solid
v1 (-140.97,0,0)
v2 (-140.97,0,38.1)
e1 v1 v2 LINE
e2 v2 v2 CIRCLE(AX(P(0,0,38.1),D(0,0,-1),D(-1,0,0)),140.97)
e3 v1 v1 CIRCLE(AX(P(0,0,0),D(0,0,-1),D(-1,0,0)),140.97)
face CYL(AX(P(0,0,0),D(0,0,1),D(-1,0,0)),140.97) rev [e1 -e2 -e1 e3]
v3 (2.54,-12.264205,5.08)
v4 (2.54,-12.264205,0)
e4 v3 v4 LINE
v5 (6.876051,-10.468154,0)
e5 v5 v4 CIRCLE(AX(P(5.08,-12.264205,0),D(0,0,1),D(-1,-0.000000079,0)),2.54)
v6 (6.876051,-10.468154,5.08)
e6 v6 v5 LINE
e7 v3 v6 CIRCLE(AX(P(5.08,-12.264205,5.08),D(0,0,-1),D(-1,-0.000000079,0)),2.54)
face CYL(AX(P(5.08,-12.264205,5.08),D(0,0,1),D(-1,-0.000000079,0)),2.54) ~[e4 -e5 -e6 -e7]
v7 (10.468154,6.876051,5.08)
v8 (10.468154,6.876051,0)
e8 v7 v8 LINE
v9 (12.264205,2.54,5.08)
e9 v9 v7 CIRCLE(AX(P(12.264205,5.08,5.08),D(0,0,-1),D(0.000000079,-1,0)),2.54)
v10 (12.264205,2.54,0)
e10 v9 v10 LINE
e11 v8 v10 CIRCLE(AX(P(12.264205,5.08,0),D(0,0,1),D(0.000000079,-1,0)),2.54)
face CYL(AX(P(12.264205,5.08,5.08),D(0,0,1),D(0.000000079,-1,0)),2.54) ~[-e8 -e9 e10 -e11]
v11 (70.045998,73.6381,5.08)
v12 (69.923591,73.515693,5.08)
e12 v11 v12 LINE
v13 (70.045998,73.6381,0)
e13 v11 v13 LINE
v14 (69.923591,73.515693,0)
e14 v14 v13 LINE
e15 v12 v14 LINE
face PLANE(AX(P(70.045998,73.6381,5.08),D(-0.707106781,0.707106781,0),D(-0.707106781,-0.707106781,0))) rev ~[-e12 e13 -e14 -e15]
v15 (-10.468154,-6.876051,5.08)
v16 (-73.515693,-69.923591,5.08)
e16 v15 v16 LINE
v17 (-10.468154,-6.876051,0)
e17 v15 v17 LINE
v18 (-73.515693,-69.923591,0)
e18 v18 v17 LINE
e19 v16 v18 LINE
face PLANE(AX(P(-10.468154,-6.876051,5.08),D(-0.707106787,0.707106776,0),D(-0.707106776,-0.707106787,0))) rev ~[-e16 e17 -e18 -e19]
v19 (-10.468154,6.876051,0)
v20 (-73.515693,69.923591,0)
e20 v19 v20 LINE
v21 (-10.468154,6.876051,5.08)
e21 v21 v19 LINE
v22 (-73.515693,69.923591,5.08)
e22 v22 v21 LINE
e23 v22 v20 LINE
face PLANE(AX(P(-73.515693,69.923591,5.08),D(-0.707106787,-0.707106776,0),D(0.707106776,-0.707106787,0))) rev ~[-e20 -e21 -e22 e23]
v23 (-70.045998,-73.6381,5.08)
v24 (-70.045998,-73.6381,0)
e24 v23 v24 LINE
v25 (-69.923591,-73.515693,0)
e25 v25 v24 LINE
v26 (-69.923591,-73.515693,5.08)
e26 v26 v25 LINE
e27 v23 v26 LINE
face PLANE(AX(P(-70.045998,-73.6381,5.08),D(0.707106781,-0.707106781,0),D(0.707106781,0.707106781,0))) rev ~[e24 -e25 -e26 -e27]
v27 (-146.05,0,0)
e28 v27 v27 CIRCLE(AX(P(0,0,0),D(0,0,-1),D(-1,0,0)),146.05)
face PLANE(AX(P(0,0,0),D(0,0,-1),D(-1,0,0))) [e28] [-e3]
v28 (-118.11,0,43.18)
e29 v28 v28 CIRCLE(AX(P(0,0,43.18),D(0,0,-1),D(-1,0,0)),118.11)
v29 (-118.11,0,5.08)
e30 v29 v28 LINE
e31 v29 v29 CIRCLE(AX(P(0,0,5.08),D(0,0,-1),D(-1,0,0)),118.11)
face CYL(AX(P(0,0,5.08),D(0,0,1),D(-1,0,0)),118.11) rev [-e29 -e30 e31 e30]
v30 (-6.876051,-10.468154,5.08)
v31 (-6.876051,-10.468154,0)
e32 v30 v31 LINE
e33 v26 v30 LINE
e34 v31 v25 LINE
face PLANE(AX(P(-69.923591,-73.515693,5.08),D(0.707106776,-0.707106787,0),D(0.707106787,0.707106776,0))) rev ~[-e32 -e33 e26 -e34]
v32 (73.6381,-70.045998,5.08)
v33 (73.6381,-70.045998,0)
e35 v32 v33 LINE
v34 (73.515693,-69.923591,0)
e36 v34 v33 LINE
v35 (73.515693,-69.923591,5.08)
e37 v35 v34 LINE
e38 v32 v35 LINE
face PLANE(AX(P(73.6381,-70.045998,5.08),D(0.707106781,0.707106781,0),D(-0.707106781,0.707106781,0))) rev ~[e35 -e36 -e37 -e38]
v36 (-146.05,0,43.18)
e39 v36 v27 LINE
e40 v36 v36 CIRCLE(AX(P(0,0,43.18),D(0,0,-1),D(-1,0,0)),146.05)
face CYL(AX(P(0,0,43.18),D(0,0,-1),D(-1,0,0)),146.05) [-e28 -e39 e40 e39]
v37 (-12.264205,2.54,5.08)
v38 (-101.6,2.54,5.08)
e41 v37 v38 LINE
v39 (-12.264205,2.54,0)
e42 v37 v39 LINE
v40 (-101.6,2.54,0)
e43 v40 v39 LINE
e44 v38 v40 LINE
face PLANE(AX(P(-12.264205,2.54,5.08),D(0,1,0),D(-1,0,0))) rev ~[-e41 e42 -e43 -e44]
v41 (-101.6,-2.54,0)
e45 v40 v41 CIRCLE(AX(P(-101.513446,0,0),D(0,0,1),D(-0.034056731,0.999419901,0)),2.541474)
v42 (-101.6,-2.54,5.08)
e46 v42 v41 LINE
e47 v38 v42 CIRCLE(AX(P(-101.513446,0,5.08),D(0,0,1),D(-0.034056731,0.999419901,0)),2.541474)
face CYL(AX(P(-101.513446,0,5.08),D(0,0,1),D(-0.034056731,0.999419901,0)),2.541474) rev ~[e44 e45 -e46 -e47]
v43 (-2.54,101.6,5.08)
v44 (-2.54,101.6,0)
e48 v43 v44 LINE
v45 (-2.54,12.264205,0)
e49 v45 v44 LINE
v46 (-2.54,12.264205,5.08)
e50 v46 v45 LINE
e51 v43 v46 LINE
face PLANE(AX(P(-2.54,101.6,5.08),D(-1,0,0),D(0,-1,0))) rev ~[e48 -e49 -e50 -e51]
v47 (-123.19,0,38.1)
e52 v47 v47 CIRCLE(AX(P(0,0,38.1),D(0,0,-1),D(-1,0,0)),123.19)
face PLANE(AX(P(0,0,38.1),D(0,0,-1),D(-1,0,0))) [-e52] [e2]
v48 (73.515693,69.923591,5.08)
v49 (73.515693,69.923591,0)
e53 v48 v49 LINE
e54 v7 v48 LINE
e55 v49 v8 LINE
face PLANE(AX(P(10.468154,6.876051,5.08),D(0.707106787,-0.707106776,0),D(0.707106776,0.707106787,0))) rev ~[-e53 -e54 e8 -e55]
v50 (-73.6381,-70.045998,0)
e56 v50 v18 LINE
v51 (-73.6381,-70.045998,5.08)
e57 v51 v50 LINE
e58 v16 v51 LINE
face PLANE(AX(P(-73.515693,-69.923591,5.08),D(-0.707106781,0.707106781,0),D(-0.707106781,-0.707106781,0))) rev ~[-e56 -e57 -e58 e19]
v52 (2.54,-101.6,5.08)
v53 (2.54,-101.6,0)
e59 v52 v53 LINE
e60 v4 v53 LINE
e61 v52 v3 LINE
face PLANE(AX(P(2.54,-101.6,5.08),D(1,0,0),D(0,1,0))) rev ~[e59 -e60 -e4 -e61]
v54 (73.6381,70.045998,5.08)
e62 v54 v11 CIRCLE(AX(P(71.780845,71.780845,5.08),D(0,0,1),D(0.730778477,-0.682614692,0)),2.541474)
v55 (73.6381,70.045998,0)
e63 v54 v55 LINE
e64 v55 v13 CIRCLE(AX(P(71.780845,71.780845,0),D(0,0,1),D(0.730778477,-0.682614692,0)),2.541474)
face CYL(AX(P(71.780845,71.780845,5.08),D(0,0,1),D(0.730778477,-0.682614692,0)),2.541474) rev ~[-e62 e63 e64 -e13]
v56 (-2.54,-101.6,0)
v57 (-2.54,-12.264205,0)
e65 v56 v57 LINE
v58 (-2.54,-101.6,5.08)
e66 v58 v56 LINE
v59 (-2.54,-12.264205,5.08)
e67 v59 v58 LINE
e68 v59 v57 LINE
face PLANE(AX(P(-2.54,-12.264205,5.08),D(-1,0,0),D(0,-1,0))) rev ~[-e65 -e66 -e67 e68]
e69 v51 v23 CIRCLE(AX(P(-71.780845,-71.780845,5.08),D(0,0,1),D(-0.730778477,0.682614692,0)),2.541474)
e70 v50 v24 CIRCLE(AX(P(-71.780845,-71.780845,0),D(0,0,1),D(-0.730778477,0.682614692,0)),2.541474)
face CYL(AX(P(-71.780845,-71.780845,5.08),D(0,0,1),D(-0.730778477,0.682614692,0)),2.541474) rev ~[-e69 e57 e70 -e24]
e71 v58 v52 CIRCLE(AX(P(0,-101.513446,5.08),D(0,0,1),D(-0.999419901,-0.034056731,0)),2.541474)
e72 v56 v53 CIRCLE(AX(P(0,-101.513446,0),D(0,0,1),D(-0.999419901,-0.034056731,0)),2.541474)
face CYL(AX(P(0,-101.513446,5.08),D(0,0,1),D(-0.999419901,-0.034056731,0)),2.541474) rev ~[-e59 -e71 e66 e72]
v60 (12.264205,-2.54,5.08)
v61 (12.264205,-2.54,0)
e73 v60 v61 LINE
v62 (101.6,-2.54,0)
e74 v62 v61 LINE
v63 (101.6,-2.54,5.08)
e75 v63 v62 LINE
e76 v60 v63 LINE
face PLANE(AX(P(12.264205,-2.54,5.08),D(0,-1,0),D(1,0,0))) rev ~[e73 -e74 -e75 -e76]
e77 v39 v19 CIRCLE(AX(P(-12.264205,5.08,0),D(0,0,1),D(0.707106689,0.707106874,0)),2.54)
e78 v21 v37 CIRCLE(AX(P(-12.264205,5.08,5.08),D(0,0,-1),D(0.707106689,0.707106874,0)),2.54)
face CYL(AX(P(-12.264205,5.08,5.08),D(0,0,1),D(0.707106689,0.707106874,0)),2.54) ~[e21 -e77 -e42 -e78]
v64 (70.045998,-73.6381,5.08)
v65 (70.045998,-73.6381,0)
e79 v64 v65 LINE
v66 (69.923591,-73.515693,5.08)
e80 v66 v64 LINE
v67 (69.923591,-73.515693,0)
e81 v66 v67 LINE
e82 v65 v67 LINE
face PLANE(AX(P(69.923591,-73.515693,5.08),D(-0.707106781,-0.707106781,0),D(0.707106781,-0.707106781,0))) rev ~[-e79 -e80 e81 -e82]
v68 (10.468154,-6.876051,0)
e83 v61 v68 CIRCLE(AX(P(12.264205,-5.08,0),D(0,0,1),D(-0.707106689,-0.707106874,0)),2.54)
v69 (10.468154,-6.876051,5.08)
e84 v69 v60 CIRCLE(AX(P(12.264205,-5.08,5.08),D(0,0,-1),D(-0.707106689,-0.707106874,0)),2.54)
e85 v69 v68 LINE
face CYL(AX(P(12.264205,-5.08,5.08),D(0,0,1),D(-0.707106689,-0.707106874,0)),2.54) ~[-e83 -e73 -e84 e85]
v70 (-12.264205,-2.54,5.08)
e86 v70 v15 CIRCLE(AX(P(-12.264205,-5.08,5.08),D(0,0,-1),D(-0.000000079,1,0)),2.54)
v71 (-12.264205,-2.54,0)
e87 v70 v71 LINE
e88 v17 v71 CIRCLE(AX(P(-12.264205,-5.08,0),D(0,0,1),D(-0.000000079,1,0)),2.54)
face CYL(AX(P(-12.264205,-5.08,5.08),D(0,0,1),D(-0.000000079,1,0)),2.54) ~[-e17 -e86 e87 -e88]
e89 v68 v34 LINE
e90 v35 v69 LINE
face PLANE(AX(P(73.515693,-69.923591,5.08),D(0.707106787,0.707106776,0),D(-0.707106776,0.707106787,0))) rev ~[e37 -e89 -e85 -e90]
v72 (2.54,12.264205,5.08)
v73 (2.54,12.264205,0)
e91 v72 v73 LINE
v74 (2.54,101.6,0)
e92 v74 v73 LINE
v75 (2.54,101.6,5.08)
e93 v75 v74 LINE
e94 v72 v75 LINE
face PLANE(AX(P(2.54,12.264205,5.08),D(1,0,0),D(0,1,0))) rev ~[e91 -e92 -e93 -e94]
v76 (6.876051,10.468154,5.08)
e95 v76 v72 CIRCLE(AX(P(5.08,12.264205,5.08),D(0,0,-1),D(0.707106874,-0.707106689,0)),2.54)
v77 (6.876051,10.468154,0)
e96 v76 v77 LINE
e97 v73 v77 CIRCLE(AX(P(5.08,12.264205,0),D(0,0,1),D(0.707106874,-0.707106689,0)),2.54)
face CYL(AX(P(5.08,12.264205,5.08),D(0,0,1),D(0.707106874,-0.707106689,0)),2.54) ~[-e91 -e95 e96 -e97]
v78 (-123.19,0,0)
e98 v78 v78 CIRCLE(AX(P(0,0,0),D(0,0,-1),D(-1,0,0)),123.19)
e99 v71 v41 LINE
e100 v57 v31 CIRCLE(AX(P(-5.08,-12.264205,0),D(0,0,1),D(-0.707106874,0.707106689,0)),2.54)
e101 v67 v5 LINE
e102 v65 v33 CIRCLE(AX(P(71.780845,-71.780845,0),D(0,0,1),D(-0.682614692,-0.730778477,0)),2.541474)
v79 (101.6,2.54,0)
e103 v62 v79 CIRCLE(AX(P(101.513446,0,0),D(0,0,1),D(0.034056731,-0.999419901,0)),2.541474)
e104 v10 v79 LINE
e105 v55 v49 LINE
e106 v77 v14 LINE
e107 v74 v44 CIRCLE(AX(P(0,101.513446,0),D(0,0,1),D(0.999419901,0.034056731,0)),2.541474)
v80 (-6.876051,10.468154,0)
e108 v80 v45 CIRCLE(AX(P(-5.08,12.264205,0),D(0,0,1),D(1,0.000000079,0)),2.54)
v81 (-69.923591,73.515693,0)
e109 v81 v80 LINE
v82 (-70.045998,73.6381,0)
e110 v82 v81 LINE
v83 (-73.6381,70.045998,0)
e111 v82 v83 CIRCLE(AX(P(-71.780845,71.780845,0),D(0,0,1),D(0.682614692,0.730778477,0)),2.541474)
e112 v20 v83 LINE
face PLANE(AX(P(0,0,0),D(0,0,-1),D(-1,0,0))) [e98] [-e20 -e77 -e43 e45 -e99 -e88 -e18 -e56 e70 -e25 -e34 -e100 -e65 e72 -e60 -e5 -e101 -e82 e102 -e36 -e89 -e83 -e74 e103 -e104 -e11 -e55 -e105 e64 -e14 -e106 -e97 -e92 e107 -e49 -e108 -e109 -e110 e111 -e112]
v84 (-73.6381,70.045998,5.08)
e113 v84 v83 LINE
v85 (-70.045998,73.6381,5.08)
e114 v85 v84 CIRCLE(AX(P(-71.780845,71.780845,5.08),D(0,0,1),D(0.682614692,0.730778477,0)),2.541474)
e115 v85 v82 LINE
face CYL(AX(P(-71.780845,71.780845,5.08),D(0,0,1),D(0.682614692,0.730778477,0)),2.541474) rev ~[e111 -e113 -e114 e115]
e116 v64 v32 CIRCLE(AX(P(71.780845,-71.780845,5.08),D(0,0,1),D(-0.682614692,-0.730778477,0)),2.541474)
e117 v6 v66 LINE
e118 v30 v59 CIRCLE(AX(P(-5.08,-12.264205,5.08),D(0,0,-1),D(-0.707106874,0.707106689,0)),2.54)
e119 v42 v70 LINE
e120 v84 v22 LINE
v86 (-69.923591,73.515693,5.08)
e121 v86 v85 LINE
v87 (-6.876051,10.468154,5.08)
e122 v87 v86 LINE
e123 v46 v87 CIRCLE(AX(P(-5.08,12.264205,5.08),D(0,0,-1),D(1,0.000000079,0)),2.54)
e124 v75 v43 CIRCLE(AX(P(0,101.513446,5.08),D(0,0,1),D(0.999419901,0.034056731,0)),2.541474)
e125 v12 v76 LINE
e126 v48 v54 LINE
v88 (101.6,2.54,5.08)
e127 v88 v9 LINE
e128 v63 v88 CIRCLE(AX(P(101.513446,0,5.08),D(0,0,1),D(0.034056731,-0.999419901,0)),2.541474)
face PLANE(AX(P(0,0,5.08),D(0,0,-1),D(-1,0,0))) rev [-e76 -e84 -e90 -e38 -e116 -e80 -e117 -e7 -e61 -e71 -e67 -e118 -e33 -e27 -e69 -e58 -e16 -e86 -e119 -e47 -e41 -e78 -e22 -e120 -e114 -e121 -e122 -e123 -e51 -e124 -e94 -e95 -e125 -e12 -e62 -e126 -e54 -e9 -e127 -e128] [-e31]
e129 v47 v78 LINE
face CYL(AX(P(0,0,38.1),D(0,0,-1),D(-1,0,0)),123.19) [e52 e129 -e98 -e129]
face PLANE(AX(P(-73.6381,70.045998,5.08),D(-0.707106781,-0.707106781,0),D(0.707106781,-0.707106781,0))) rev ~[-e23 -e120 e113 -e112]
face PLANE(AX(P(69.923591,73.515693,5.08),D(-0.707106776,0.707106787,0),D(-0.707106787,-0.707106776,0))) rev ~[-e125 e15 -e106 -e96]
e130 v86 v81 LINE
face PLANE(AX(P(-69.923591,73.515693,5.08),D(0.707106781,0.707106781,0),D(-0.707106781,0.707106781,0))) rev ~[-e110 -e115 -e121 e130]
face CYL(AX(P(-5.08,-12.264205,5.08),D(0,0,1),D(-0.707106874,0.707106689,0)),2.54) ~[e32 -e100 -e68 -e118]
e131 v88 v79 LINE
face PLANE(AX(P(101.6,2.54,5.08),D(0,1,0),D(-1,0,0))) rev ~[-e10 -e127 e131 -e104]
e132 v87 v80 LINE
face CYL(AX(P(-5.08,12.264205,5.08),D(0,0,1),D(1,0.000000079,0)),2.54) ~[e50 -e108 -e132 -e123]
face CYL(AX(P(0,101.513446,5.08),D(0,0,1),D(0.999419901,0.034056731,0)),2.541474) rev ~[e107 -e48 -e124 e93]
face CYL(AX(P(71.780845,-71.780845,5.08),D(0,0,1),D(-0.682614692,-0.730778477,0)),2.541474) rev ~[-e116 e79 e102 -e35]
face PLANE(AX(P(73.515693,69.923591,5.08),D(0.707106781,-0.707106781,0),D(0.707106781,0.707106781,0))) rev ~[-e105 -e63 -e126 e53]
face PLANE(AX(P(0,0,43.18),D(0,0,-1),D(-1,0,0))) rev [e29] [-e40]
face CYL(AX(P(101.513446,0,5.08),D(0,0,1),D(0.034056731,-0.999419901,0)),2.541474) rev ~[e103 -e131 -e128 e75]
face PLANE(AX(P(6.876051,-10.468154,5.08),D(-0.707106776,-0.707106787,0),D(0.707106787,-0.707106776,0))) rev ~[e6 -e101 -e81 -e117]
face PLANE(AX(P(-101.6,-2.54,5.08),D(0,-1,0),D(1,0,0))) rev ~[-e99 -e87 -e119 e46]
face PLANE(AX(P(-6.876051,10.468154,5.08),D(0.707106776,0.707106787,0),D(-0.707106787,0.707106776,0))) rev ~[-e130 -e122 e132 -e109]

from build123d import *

# Parameters (mm, degrees)
F3_DEPTH = 25.4


with BuildPart() as f1:
    # F0 (on Front) → F1 (revolve)
    with BuildSketch(Plane.XZ):
        Polygon((-123.19, 0), (0, 0), (0, 5.08), (-118.11, 5.08), (-118.11, 43.18), (-146.05, 43.18), (-146.05, 0), (-140.97, 0), (-140.97, 38.1), (-123.19, 38.1), align=None)
    revolve(axis=Axis((0, 0, 2.54), (0, 0, -1)))

    # F2 (on face) → F3 (cut)
    with BuildSketch(Plane.XY.offset(5.08)):
        with BuildLine():
            Line((2.54, 12.264205), (2.54, 101.426891))
            Line((2.54, 101.426891), (2.54, 101.6))
            ThreePointArc((2.54, 101.6), (0, 104.05492), (-2.54, 101.6))
            Line((-2.54, 101.6), (-2.54, 101.426891))
            Line((-2.54, 101.426891), (-2.54, 12.264205))
            ThreePointArc((-2.54, 12.264205), (-4.107984, 9.917551), (-6.876051, 10.468154))
            Line((-6.876051, 10.468154), (-69.923591, 73.515693))
            Line((-69.923591, 73.515693), (-70.045998, 73.6381))
            ThreePointArc((-70.045998, 73.6381), (-73.577939, 73.577939), (-73.6381, 70.045998))
            Line((-73.6381, 70.045998), (-73.515693, 69.923591))
            Line((-73.515693, 69.923591), (-10.468154, 6.876051))
            ThreePointArc((-10.468154, 6.876051), (-9.917551, 4.107984), (-12.264205, 2.54))
            Line((-12.264205, 2.54), (-101.426891, 2.54))
            Line((-101.426891, 2.54), (-101.6, 2.54))
            ThreePointArc((-101.6, 2.54), (-104.05492, 0), (-101.6, -2.54))
            Line((-101.6, -2.54), (-101.426891, -2.54))
            Line((-101.426891, -2.54), (-12.264205, -2.54))
            ThreePointArc((-12.264205, -2.54), (-9.917551, -4.107984), (-10.468154, -6.876051))
            Line((-10.468154, -6.876051), (-73.515693, -69.923591))
            Line((-73.515693, -69.923591), (-73.6381, -70.045998))
            ThreePointArc((-73.6381, -70.045998), (-73.577939, -73.577939), (-70.045998, -73.6381))
            Line((-70.045998, -73.6381), (-69.923591, -73.515693))
            Line((-69.923591, -73.515693), (-6.876051, -10.468154))
            ThreePointArc((-6.876051, -10.468154), (-4.107984, -9.917551), (-2.54, -12.264205))
            Line((-2.54, -12.264205), (-2.54, -101.426891))
            Line((-2.54, -101.426891), (-2.54, -101.6))
            ThreePointArc((-2.54, -101.6), (0, -104.05492), (2.54, -101.6))
            Line((2.54, -101.6), (2.54, -101.426891))
            Line((2.54, -101.426891), (2.54, -12.264205))
            ThreePointArc((2.54, -12.264205), (4.107984, -9.917551), (6.876051, -10.468154))
            Line((6.876051, -10.468154), (69.923591, -73.515693))
            Line((69.923591, -73.515693), (70.045998, -73.6381))
            ThreePointArc((70.045998, -73.6381), (73.577939, -73.577939), (73.6381, -70.045998))
            Line((73.6381, -70.045998), (73.515693, -69.923591))
            Line((73.515693, -69.923591), (10.468154, -6.876051))
            ThreePointArc((10.468154, -6.876051), (9.917551, -4.107984), (12.264205, -2.54))
            Line((12.264205, -2.54), (101.426891, -2.54))
            Line((101.426891, -2.54), (101.6, -2.54))
            ThreePointArc((101.6, -2.54), (104.05492, 0), (101.6, 2.54))
            Line((101.6, 2.54), (101.426891, 2.54))
            Line((101.426891, 2.54), (12.264205, 2.54))
            ThreePointArc((12.264205, 2.54), (9.917551, 4.107984), (10.468154, 6.876051))
            Line((10.468154, 6.876051), (73.515693, 69.923591))
            Line((73.515693, 69.923591), (73.6381, 70.045998))
            ThreePointArc((73.6381, 70.045998), (73.577939, 73.577939), (70.045998, 73.6381))
            Line((70.045998, 73.6381), (69.923591, 73.515693))
            Line((69.923591, 73.515693), (6.876051, 10.468154))
            ThreePointArc((6.876051, 10.468154), (4.107984, 9.917551), (2.54, 12.264205))
        make_face()
    extrude(amount=-F3_DEPTH, mode=Mode.SUBTRACT)


solid = f1.part
